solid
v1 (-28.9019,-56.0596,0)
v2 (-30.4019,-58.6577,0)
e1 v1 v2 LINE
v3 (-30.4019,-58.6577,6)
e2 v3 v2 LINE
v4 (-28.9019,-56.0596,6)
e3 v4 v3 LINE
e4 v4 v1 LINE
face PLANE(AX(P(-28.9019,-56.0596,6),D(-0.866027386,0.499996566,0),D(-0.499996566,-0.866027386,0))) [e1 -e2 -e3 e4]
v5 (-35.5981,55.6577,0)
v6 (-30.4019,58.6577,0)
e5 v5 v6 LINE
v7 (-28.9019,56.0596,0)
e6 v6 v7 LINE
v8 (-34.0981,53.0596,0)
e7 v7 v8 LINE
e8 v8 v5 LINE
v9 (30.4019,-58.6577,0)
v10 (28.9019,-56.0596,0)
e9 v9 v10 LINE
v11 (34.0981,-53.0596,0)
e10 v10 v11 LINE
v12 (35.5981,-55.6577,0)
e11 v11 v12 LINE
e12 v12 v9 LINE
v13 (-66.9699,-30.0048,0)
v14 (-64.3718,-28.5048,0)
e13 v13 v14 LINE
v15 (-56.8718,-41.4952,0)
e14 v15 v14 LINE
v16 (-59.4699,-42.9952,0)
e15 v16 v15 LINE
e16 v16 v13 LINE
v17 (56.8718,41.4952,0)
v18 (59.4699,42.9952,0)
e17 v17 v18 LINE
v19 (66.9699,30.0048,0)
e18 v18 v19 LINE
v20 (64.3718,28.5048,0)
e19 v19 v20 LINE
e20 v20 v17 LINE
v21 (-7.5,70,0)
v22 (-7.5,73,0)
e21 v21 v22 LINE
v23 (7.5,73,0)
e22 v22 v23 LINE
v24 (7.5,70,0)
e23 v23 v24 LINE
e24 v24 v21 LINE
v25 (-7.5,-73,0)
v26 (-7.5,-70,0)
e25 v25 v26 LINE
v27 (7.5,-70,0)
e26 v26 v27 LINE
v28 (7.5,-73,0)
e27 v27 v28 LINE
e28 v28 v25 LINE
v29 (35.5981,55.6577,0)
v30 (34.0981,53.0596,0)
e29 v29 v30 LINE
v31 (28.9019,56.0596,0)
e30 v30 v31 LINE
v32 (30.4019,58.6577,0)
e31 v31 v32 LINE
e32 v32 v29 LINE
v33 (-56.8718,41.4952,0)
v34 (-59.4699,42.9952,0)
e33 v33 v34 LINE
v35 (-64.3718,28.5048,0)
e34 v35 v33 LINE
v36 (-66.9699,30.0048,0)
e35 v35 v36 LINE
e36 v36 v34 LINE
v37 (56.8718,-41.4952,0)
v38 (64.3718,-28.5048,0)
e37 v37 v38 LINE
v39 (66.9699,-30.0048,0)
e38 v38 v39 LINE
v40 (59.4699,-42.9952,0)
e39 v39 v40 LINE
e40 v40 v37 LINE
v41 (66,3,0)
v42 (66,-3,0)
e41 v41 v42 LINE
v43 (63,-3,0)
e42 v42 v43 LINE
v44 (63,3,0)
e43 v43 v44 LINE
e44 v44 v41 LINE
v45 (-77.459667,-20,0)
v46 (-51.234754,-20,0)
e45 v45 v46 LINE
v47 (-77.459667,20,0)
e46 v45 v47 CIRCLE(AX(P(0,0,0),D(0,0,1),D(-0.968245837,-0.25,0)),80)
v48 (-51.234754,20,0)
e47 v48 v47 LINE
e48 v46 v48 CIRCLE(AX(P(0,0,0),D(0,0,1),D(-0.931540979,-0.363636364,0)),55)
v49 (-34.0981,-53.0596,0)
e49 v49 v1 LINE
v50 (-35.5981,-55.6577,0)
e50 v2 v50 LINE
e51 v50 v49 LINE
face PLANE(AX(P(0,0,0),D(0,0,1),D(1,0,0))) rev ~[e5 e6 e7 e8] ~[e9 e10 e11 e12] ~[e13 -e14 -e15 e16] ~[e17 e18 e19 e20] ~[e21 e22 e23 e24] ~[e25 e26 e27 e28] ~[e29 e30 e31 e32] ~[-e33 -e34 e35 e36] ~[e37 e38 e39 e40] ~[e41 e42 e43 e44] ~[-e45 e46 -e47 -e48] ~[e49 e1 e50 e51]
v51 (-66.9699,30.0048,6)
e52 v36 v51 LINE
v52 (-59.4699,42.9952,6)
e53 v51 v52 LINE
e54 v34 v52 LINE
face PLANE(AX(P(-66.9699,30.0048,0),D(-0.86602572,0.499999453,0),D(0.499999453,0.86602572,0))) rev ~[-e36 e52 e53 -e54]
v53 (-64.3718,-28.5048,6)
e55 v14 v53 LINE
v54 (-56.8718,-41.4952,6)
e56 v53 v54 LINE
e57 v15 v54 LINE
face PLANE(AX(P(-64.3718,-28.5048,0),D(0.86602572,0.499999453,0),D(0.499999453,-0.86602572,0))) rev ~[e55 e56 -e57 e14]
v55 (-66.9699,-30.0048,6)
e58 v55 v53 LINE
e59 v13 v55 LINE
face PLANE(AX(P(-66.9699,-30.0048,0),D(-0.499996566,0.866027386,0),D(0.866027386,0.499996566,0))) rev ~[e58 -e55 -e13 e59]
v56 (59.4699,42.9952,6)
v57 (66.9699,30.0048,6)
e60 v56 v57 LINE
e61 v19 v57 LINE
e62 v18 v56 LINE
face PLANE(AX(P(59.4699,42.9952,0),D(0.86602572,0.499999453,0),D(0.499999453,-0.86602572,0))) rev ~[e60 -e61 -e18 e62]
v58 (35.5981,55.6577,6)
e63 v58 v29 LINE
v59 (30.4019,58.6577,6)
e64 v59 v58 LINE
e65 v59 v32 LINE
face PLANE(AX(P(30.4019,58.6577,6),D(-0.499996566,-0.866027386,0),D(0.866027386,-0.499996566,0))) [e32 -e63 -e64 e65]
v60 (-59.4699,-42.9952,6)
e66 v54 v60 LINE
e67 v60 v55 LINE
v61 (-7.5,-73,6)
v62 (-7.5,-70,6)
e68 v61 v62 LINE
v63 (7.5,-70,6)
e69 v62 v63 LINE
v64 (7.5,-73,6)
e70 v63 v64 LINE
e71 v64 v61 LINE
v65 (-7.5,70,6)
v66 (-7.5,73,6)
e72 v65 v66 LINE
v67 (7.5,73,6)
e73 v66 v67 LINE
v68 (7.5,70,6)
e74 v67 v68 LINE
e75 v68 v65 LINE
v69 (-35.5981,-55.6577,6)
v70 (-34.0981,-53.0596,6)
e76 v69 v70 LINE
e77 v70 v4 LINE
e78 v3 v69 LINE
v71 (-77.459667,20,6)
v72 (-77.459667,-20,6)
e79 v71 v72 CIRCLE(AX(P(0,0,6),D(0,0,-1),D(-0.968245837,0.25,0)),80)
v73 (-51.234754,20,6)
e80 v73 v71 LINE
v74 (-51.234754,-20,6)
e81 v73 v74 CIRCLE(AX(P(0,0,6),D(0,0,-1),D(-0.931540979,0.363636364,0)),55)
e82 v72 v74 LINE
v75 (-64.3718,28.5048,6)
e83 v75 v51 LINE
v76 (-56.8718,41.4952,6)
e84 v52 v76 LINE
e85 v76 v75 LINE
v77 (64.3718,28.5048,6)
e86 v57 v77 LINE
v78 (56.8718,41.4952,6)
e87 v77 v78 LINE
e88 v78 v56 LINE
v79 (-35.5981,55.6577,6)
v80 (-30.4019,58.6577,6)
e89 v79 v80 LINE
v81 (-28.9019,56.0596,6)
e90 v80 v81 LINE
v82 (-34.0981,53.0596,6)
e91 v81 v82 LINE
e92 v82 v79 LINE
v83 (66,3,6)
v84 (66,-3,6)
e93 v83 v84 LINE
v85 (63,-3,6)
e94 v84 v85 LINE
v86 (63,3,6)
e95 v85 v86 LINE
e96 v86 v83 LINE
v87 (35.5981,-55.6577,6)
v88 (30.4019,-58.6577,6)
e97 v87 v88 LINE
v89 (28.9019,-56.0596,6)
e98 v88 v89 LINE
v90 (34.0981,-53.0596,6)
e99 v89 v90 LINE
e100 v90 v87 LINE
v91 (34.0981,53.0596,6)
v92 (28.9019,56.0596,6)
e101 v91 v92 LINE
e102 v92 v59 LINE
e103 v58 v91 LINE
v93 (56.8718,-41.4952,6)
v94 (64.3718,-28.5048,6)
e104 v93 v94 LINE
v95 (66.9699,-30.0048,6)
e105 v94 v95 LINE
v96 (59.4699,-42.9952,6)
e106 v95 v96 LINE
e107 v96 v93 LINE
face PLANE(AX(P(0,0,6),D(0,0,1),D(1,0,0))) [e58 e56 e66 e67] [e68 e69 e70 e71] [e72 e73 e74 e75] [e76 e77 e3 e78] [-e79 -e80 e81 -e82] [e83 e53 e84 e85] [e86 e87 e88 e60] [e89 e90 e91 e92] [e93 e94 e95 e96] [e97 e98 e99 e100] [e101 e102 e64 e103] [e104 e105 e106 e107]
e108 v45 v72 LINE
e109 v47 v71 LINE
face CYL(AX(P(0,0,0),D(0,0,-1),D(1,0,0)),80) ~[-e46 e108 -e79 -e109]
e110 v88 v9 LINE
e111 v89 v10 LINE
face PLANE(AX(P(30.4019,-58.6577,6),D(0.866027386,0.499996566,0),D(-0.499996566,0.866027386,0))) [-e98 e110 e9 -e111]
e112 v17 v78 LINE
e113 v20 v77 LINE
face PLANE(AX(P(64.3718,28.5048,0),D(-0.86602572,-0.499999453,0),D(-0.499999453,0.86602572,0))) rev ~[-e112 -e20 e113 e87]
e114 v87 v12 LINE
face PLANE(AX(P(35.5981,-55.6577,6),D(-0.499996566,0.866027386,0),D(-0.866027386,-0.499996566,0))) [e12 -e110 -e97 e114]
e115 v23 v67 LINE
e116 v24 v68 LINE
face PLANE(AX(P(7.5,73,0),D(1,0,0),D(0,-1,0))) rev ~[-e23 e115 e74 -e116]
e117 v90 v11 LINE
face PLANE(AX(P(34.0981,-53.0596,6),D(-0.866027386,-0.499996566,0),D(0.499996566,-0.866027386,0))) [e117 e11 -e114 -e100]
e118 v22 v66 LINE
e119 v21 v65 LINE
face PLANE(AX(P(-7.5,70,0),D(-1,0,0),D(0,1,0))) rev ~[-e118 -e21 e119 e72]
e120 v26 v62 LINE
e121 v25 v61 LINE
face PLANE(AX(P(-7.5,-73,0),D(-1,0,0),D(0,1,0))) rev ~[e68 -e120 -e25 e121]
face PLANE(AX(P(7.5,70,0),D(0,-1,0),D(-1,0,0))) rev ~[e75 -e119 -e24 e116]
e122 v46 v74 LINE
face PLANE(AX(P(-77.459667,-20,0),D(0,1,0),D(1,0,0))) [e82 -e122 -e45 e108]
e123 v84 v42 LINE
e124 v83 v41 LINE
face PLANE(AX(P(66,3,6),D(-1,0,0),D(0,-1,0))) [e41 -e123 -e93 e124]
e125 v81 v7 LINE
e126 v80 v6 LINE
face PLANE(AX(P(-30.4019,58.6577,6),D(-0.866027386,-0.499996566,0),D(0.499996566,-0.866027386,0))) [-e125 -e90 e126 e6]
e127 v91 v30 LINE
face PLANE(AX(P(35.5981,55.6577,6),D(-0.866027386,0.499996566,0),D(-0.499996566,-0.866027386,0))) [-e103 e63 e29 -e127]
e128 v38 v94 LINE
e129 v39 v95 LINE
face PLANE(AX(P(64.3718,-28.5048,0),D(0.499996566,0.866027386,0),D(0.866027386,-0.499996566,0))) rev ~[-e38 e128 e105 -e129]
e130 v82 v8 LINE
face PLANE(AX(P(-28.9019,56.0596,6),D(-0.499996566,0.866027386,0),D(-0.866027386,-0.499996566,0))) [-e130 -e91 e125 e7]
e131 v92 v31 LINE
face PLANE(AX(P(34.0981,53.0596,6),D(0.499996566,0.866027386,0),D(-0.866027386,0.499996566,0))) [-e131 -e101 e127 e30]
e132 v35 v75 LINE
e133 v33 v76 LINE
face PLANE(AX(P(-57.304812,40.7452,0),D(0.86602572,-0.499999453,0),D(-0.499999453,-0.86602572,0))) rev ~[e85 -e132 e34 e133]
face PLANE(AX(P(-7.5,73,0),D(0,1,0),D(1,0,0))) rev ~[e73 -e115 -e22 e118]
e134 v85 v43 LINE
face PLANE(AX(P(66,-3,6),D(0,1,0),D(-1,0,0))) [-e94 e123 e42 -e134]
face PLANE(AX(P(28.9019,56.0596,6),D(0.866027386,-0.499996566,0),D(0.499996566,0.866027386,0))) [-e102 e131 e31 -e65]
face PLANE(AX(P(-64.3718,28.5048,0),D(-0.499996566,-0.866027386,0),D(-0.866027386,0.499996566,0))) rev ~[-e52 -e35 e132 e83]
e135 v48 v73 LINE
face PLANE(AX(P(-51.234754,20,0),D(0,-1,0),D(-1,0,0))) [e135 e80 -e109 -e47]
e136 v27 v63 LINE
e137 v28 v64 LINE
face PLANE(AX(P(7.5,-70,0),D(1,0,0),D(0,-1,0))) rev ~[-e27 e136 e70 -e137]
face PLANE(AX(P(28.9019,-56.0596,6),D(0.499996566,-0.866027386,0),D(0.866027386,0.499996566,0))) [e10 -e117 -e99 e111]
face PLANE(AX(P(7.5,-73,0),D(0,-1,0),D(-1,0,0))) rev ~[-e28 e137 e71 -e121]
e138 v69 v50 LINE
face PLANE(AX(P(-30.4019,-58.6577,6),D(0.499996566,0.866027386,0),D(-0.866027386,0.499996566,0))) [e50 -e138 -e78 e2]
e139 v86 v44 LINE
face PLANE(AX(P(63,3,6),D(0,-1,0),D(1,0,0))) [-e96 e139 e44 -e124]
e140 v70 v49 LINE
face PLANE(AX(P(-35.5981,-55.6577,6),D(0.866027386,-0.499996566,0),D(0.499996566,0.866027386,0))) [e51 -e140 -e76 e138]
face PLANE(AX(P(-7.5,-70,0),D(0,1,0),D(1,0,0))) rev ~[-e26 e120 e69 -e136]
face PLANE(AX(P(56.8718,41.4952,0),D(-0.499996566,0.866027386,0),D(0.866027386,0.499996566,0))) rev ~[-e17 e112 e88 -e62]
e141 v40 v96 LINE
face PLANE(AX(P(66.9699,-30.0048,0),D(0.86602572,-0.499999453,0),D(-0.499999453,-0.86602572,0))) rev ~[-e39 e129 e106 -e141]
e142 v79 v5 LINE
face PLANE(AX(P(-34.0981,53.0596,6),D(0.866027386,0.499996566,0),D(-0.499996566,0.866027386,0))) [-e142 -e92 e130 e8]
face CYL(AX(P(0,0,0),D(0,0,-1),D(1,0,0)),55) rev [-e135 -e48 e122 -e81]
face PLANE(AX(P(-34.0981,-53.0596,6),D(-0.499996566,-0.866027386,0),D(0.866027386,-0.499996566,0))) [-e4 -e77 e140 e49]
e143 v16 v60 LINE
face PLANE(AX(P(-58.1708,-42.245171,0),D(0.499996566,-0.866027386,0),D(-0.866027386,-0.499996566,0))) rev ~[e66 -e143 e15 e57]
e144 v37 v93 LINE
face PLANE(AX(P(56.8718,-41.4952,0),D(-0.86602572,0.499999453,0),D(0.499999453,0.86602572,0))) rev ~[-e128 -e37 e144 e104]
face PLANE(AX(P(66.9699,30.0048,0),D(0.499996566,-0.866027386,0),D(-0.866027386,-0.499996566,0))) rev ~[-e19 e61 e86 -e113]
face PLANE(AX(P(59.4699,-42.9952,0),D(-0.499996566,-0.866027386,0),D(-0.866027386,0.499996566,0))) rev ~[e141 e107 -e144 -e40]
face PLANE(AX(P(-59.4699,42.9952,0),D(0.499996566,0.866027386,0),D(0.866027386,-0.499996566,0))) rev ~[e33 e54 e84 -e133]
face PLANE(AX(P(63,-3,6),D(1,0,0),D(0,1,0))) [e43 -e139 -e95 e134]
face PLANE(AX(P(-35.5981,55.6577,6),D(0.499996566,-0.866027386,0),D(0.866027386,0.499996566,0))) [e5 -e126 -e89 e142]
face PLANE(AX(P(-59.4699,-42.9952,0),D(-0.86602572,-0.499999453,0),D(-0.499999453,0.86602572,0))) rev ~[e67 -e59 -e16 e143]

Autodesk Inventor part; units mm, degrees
ref_plane "YZ Plane" through (0, 0, 0) normal (1, 0, 0) x (0, 1, 0)
ref_plane "XZ Plane" through (0, 0, 0) normal (0, 1, 0) x (-1, 0, 0)
ref_plane "XY Plane" through (0, 0, 0) normal (0, 0, 1) x (1, 0, 0)
sketch "Sketch1" plane through (0, 0, 0) normal (0, 0, 1) x (1, 0, 0)
  circle A0 centre (0, 0) radius 80
  circle A1 centre (0, 0) radius 55
  line L0 (-7.5, 73) -> (7.5, 73)
  line L1 (7.5, 73) -> (7.5, 70)
  line L2 (7.5, 70) -> (-7.5, 70)
  line L3 (-7.5, 70) -> (-7.5, 73)
  line L4 (-66.9699, 30.0048) -> (-59.4699, 42.9952)
  line L5 (-59.4699, 42.9952) -> (-56.8718, 41.4952)
  line L6 (-56.8718, 41.4952) -> (-64.3718, 28.5048)
  line L7 (-64.3718, 28.5048) -> (-66.9699, 30.0048)
  line L8 (-59.4699, -42.9952) -> (-66.9699, -30.0048)
  line L9 (-66.9699, -30.0048) -> (-64.3718, -28.5048)
  line L10 (-64.3718, -28.5048) -> (-56.8718, -41.4952)
  line L11 (-56.8718, -41.4952) -> (-59.4699, -42.9952)
  line L12 (7.5, -73) -> (-7.5, -73)
  line L13 (-7.5, -73) -> (-7.5, -70)
  line L14 (-7.5, -70) -> (7.5, -70)
  line L15 (7.5, -70) -> (7.5, -73)
  line L16 (66.9699, -30.0048) -> (59.4699, -42.9952)
  line L17 (59.4699, -42.9952) -> (56.8718, -41.4952)
  line L18 (56.8718, -41.4952) -> (64.3718, -28.5048)
  line L19 (64.3718, -28.5048) -> (66.9699, -30.0048)
  line L20 (59.4699, 42.9952) -> (66.9699, 30.0048)
  line L21 (66.9699, 30.0048) -> (64.3718, 28.5048)
  line L22 (64.3718, 28.5048) -> (56.8718, 41.4952)
  line L23 (56.8718, 41.4952) -> (59.4699, 42.9952)
  line L24 (-58.1708, 43.7452) -> (-43.1708, 43.7452)
  line L25 (-43.1708, 43.7452) -> (-43.1708, 40.7452)
  line L26 (-43.1708, 40.7452) -> (-58.1708, 40.7452)
  line L27 (-58.1708, 40.7452) -> (-58.1708, 43.7452)
  line L28 (-58.1708, -40.7452) -> (-43.1708, -40.7452)
  line L29 (-43.1708, -40.7452) -> (-43.1708, -43.7452)
  line L30 (-43.1708, -43.7452) -> (-58.1708, -43.7452)
  line L31 (-58.1708, -43.7452) -> (-58.1708, -40.7452)
  line L32 (0, 20) -> (-100, 20)
  line L33 (-100, 20) -> (-100, -20)
  line L34 (-100, -20) -> (0, -20)
  line L35 (0, -20) -> (0, 20)
  point P0 (0, 73)
  point P1 (7.5, 71.5)
  point P2 (0, 70)
  point P3 (-63.2199, 36.5)
  point P4 (-58.1708, 42.2452)
  point P5 (-60.6218, 35)
  point P6 (-63.2199, -36.5)
  point P7 (-65.6708, -29.2548)
  point P8 (-60.6218, -35)
  point P9 (0, -73)
  point P10 (-7.5, -71.5)
  point P11 (0, -70)
  point P12 (63.2199, -36.5)
  point P13 (58.1708, -42.2452)
  point P14 (60.6218, -35)
  point P15 (63.2199, 36.5)
  point P16 (65.6708, 29.2548)
  point P17 (60.6218, 35)
  point P18 (-58.1708, 42.2452)
  point P19 (-58.1708, -42.2452)
  point P20 (-51.2348, -20)
  point P21 (-77.4597, -20)
  point P22 (-77.4597, 20)
  point P23 (-51.2348, 20)
  dimension "d0" = 160
  dimension "d1" = 110
  dimension "d2" = 15
  dimension "d3" = 3
  dimension "d11" = 70
  dimension "d14" = 360
  dimension "d18" = 15
  dimension "d19" = 3
  dimension "d20" = 15
  dimension "d21" = 3
  dimension "d22" = 40
  dimension "d23" = 100
extrude "Extrusion2" add sketch "Sketch1" along normal blind 6 contours A0 L34 A1 L32 | L27 L24 L25 L26 L6 L5 | L11 L10 L28 L29 L30 L31 picked at (16.7927, -65.9701)
sketch "草圖4" plane through (0, 0, 6) normal (0, 0, 1) x (1, 0, 0)
  line L0 (63, 3) -> (66, 3)
  line L1 (66, 3) -> (66, -3)
  line L2 (66, -3) -> (63, -3)
  line L3 (63, -3) -> (63, 3)
  line L4 (28.9019, 56.0596) -> (30.4019, 58.6577)
  line L5 (30.4019, 58.6577) -> (35.5981, 55.6577)
  line L6 (35.5981, 55.6577) -> (34.0981, 53.0596)
  line L7 (34.0981, 53.0596) -> (28.9019, 56.0596)
  line L8 (-34.0981, 53.0596) -> (-35.5981, 55.6577)
  line L9 (-35.5981, 55.6577) -> (-30.4019, 58.6577)
  line L10 (-30.4019, 58.6577) -> (-28.9019, 56.0596)
  line L11 (-28.9019, 56.0596) -> (-34.0981, 53.0596)
  line L12 (-63, -3) -> (-66, -3)
  line L13 (-66, -3) -> (-66, 3)
  line L14 (-66, 3) -> (-63, 3)
  line L15 (-63, 3) -> (-63, -3)
  line L16 (-28.9019, -56.0596) -> (-30.4019, -58.6577)
  line L17 (-30.4019, -58.6577) -> (-35.5981, -55.6577)
  line L18 (-35.5981, -55.6577) -> (-34.0981, -53.0596)
  line L19 (-34.0981, -53.0596) -> (-28.9019, -56.0596)
  line L20 (34.0981, -53.0596) -> (35.5981, -55.6577)
  line L21 (35.5981, -55.6577) -> (30.4019, -58.6577)
  line L22 (30.4019, -58.6577) -> (28.9019, -56.0596)
  line L23 (28.9019, -56.0596) -> (34.0981, -53.0596)
  point P0 (0, 0)
  point P1 (63, 0)
  point P2 (31.5, 54.5596)
  point P3 (-31.5, 54.5596)
  point P4 (-63, 0)
  point P5 (-31.5, -54.5596)
  point P6 (31.5, -54.5596)
  dimension "d44" = 3
  dimension "d45" = 6
  dimension "d46" = 63
  dimension "d49" = 360
extrude "擠出6" cut sketch "草圖4" against normal blind 10 contours L0 L1 L2 L3 | L4 L5 L6 L7 | L8 L9 L10 L11 | L16 L17 L18 L19 | L20 L21 L22 L23
properties part number "[3DP]back_cir_hold"
